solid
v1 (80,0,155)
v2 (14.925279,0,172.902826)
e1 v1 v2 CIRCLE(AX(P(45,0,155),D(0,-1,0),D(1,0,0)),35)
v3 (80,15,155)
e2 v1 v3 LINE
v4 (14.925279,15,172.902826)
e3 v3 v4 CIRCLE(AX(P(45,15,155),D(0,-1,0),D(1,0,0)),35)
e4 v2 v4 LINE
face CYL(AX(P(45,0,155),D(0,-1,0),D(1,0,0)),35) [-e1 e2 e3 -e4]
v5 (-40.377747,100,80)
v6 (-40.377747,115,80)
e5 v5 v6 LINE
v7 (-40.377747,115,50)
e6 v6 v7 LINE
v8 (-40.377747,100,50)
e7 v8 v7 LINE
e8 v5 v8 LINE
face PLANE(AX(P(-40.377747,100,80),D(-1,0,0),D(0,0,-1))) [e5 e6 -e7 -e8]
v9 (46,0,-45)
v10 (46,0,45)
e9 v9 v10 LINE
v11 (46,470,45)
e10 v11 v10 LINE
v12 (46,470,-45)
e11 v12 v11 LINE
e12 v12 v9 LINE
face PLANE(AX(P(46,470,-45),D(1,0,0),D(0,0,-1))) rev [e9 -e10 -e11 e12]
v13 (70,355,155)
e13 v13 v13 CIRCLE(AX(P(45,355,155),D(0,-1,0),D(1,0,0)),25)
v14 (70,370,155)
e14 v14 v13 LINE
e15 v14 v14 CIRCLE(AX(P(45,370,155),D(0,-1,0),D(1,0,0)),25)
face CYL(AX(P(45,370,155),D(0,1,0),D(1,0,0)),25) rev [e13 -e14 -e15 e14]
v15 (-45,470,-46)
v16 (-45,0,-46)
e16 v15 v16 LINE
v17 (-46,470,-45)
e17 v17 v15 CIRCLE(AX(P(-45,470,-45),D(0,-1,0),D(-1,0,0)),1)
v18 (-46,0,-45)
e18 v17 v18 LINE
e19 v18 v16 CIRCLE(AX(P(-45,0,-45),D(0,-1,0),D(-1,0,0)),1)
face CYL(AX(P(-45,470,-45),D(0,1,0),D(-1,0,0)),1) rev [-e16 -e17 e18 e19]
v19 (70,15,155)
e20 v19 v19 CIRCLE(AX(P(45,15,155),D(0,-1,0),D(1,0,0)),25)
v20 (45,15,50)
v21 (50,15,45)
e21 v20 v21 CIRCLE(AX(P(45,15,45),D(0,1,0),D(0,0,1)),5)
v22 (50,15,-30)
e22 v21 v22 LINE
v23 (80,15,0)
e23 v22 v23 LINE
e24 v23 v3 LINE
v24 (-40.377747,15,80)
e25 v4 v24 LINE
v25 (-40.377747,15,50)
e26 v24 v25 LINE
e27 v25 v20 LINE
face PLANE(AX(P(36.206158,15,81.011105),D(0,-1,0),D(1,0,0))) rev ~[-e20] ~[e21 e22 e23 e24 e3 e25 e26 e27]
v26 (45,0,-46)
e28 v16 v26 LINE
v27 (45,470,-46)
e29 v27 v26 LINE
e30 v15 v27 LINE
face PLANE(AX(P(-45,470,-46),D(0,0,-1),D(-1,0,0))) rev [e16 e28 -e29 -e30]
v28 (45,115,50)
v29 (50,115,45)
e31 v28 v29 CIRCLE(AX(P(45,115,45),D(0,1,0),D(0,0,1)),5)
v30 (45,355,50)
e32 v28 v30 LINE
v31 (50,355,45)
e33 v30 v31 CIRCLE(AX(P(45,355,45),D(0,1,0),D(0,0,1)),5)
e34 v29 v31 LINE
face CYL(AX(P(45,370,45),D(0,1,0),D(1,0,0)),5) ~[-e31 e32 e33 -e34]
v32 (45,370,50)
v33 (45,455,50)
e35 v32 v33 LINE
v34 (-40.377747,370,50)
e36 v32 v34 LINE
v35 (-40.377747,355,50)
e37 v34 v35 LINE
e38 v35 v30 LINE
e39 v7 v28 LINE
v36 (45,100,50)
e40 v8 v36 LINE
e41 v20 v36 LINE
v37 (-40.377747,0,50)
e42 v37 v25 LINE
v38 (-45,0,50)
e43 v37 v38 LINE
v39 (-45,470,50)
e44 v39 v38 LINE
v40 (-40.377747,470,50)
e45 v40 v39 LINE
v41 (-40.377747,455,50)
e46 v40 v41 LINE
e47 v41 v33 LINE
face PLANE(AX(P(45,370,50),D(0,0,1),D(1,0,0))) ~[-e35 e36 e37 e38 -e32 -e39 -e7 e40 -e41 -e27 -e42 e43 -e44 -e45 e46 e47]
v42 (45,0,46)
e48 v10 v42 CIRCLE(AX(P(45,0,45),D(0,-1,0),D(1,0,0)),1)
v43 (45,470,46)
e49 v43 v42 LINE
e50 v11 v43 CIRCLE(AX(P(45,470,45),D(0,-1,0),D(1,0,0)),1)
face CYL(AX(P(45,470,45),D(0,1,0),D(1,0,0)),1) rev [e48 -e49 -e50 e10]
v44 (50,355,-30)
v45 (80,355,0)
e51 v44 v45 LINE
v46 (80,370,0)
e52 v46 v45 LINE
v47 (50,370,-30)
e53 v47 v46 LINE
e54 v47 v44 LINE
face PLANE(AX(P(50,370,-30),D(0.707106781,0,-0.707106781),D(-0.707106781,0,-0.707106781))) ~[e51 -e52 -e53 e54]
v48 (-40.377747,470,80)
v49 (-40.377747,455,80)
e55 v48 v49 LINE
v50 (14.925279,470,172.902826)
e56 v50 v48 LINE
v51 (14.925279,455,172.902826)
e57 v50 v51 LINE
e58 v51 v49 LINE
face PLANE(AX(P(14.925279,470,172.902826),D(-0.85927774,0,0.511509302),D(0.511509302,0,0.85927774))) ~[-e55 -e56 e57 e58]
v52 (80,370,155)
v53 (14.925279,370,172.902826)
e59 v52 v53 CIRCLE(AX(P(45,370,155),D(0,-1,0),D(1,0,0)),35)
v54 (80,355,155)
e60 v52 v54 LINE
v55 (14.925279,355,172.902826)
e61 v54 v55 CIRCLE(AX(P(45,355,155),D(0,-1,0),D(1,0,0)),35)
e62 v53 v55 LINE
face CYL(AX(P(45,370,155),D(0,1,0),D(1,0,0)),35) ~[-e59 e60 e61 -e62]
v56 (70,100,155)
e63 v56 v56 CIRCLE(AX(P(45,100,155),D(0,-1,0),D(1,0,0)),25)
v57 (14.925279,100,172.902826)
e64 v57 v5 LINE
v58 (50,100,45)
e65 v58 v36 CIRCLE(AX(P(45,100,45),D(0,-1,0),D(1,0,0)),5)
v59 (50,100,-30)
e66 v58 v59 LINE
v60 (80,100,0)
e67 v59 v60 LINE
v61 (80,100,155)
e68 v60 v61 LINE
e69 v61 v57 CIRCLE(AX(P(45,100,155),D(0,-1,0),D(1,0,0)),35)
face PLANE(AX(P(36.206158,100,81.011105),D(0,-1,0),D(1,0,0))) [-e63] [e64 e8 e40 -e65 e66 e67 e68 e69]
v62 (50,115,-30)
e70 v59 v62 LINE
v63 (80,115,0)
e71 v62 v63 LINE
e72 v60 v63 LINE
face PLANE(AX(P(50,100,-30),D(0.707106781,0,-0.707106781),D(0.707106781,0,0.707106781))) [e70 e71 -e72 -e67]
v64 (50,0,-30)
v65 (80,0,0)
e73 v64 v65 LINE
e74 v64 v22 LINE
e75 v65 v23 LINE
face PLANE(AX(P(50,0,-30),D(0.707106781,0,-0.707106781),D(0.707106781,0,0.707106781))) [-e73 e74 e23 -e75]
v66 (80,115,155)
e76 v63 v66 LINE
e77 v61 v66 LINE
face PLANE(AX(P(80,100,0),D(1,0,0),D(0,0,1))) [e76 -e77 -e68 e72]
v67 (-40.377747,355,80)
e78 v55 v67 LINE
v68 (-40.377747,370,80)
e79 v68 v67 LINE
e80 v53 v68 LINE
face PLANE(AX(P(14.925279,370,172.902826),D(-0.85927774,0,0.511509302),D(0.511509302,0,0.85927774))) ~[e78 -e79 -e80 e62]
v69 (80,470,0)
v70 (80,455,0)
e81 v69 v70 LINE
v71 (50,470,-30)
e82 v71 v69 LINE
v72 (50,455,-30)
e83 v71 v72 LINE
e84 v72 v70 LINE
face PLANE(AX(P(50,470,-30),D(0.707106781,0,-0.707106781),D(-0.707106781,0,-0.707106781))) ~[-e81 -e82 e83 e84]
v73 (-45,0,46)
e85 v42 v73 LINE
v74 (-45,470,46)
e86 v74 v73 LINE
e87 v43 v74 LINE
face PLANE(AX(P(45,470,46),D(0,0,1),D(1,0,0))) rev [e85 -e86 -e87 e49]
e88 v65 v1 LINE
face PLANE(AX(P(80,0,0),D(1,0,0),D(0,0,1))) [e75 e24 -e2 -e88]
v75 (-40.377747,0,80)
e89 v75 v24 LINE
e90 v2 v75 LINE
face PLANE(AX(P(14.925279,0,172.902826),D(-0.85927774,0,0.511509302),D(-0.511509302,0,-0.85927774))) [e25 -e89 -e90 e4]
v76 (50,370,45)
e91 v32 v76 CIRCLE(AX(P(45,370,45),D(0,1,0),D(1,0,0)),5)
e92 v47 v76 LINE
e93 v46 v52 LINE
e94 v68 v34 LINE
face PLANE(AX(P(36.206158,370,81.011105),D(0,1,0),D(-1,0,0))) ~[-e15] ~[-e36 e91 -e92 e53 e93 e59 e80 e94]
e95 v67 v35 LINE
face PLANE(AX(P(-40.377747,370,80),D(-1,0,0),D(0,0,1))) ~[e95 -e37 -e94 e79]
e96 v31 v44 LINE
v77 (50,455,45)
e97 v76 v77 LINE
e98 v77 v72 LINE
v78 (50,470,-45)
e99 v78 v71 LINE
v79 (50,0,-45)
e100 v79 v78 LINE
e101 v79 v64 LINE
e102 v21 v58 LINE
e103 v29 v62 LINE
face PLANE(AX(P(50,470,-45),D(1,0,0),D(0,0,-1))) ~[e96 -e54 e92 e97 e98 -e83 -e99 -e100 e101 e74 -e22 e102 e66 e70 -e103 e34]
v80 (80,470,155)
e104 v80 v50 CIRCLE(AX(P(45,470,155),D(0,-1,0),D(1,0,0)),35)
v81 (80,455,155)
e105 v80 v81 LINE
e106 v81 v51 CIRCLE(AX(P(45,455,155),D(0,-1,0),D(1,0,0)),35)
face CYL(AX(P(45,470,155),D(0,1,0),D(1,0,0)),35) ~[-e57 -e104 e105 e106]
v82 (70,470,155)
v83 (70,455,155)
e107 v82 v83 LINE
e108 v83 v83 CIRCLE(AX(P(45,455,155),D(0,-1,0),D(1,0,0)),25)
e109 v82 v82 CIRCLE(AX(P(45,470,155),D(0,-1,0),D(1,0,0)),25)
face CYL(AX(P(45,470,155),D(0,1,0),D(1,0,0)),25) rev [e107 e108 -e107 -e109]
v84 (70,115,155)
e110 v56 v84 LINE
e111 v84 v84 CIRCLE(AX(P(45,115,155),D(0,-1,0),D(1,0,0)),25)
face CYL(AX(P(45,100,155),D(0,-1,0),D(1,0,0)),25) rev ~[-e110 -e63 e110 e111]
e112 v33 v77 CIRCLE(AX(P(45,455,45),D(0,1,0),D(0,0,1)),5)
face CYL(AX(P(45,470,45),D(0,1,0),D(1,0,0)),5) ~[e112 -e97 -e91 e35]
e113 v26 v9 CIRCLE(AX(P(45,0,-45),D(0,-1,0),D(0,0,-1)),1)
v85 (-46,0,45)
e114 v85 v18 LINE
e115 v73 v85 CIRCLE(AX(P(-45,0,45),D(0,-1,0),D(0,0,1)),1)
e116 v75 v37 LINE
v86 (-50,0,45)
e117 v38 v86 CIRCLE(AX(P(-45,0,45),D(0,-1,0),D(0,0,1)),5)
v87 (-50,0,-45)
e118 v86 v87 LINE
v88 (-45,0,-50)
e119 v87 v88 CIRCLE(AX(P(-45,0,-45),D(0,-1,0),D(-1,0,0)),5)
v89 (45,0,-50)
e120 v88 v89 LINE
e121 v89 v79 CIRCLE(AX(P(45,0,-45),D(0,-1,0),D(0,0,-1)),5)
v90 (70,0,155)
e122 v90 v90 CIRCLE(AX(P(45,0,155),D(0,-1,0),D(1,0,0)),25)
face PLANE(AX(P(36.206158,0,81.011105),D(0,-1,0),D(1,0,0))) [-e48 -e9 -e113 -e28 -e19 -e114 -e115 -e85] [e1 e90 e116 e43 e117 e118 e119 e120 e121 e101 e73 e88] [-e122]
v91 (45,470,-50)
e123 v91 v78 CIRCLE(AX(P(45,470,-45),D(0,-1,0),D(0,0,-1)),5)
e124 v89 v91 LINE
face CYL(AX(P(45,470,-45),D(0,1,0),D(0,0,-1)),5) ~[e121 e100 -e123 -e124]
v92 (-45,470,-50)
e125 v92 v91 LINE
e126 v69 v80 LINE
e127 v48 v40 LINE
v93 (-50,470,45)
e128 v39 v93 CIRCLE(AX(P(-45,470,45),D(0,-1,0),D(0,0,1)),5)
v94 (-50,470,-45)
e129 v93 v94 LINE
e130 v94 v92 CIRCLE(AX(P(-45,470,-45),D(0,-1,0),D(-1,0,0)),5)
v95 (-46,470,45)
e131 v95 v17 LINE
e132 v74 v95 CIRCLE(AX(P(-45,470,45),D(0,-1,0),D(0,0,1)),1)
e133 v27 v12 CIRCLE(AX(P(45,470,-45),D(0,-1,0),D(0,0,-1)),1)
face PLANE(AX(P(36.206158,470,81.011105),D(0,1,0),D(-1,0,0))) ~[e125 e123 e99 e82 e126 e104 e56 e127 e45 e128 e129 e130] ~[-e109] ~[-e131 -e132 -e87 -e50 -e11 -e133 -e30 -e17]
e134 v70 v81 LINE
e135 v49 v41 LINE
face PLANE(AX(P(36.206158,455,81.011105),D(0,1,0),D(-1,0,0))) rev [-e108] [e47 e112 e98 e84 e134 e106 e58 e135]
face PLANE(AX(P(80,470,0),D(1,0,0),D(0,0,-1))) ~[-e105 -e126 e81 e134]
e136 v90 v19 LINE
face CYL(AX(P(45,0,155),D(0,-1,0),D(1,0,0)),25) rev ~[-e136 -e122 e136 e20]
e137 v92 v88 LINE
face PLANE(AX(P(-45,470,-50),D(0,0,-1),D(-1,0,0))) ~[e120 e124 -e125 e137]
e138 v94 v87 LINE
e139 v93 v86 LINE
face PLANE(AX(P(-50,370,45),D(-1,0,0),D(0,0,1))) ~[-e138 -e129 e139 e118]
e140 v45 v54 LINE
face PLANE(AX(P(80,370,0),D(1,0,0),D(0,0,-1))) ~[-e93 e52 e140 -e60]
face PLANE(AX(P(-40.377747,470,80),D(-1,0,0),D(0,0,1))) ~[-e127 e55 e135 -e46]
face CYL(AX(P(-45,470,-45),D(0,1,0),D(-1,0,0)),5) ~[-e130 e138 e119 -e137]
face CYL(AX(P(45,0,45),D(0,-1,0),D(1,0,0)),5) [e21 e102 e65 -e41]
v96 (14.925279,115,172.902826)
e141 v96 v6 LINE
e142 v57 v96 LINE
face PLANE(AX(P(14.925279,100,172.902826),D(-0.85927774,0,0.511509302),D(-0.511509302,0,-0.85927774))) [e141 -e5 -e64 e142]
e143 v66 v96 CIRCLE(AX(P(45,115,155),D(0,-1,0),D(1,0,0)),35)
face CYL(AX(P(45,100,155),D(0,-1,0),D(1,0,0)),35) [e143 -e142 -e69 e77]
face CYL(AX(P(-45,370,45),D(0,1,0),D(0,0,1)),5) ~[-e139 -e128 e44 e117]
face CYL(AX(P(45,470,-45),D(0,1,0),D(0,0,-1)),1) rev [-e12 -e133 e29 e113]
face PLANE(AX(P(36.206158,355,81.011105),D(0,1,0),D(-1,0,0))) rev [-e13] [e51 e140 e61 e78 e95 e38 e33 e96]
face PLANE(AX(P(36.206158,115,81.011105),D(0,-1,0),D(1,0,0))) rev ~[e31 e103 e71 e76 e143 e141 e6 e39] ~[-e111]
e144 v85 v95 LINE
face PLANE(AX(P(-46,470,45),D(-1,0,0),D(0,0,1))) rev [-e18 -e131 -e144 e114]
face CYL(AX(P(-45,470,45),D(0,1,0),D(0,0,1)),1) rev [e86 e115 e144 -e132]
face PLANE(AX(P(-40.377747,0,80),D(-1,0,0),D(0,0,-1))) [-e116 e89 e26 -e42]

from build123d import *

# Parameters (mm, degrees)
F1_DEPTH = 235
F2_T     = -4
F0_R     = 25
F3_DEPTH = 15


with BuildPart() as f1:
    # F0 (on Front) → F1 (new body)
    with BuildSketch(Plane.XZ):
        with BuildLine():
            ThreePointArc((50, 45), (48.5355339059, 48.5355339059), (45, 50))
            Line((45, 50), (-40.3777472675, 50))
            Line((-40.3777472675, 50), (-45, 50))
            ThreePointArc((-45, 50), (-48.5355339059, 48.5355339059), (-50, 45))
            Line((-50, 45), (-50, -45))
            ThreePointArc((-50, -45), (-48.5355339059, -48.5355339059), (-45, -50))
            Line((-45, -50), (45, -50))
            ThreePointArc((45, -50), (48.5355339059, -48.5355339059), (50, -45))
            Line((50, -45), (50, -30))
            Line((50, -30), (50, 45))
        make_face()
    extrude(amount=-F1_DEPTH)

    # F2
    f2_openings = [f1.faces().sort_by_distance(p)[0] for p in [
        (0, 0, 0),
        (0, 235, 0),
    ]]
    offset(amount=F2_T, openings=f2_openings)

    # F0 (on Front) → F3 (join)
    with BuildSketch(Plane.XZ):
        with BuildLine():
            Line((-40.3777472675, 50), (45, 50))
            ThreePointArc((45, 50), (48.5355339059, 48.5355339059), (50, 45))
            Line((50, 45), (50, -30))
            Line((50, -30), (80, 0))
            Line((80, 0), (80, 155))
            ThreePointArc((80, 155), (54.2839853809, 188.7462237213), (14.9252791173, 172.9028255822))
            Line((14.9252791173, 172.9028255822), (-40.3777472675, 80))
            Line((-40.3777472675, 80), (-40.3777472675, 50))
        make_face()
        with Locations((45, 155)):
            Circle(F0_R, mode=Mode.SUBTRACT)
    extrude(amount=-F3_DEPTH)


with BuildPart() as f4_1:
    # F4: copy of F1
    add(f1.part.moved(Location((0, 100, 0))))


with BuildPart() as f1_1:
    add(f1.part)

    add(f4_1.part)  # F5 merges F4_1
    # F5: F1, F4_1 across face
    add(f1.part.mirror(Plane(origin=(0, 235, 0), x_dir=(1, 0, 0), z_dir=(0, 1, 0))))
    add(f4_1.part.mirror(Plane(origin=(0, 235, 0), x_dir=(1, 0, 0), z_dir=(0, 1, 0))))


solid = f1_1.part
